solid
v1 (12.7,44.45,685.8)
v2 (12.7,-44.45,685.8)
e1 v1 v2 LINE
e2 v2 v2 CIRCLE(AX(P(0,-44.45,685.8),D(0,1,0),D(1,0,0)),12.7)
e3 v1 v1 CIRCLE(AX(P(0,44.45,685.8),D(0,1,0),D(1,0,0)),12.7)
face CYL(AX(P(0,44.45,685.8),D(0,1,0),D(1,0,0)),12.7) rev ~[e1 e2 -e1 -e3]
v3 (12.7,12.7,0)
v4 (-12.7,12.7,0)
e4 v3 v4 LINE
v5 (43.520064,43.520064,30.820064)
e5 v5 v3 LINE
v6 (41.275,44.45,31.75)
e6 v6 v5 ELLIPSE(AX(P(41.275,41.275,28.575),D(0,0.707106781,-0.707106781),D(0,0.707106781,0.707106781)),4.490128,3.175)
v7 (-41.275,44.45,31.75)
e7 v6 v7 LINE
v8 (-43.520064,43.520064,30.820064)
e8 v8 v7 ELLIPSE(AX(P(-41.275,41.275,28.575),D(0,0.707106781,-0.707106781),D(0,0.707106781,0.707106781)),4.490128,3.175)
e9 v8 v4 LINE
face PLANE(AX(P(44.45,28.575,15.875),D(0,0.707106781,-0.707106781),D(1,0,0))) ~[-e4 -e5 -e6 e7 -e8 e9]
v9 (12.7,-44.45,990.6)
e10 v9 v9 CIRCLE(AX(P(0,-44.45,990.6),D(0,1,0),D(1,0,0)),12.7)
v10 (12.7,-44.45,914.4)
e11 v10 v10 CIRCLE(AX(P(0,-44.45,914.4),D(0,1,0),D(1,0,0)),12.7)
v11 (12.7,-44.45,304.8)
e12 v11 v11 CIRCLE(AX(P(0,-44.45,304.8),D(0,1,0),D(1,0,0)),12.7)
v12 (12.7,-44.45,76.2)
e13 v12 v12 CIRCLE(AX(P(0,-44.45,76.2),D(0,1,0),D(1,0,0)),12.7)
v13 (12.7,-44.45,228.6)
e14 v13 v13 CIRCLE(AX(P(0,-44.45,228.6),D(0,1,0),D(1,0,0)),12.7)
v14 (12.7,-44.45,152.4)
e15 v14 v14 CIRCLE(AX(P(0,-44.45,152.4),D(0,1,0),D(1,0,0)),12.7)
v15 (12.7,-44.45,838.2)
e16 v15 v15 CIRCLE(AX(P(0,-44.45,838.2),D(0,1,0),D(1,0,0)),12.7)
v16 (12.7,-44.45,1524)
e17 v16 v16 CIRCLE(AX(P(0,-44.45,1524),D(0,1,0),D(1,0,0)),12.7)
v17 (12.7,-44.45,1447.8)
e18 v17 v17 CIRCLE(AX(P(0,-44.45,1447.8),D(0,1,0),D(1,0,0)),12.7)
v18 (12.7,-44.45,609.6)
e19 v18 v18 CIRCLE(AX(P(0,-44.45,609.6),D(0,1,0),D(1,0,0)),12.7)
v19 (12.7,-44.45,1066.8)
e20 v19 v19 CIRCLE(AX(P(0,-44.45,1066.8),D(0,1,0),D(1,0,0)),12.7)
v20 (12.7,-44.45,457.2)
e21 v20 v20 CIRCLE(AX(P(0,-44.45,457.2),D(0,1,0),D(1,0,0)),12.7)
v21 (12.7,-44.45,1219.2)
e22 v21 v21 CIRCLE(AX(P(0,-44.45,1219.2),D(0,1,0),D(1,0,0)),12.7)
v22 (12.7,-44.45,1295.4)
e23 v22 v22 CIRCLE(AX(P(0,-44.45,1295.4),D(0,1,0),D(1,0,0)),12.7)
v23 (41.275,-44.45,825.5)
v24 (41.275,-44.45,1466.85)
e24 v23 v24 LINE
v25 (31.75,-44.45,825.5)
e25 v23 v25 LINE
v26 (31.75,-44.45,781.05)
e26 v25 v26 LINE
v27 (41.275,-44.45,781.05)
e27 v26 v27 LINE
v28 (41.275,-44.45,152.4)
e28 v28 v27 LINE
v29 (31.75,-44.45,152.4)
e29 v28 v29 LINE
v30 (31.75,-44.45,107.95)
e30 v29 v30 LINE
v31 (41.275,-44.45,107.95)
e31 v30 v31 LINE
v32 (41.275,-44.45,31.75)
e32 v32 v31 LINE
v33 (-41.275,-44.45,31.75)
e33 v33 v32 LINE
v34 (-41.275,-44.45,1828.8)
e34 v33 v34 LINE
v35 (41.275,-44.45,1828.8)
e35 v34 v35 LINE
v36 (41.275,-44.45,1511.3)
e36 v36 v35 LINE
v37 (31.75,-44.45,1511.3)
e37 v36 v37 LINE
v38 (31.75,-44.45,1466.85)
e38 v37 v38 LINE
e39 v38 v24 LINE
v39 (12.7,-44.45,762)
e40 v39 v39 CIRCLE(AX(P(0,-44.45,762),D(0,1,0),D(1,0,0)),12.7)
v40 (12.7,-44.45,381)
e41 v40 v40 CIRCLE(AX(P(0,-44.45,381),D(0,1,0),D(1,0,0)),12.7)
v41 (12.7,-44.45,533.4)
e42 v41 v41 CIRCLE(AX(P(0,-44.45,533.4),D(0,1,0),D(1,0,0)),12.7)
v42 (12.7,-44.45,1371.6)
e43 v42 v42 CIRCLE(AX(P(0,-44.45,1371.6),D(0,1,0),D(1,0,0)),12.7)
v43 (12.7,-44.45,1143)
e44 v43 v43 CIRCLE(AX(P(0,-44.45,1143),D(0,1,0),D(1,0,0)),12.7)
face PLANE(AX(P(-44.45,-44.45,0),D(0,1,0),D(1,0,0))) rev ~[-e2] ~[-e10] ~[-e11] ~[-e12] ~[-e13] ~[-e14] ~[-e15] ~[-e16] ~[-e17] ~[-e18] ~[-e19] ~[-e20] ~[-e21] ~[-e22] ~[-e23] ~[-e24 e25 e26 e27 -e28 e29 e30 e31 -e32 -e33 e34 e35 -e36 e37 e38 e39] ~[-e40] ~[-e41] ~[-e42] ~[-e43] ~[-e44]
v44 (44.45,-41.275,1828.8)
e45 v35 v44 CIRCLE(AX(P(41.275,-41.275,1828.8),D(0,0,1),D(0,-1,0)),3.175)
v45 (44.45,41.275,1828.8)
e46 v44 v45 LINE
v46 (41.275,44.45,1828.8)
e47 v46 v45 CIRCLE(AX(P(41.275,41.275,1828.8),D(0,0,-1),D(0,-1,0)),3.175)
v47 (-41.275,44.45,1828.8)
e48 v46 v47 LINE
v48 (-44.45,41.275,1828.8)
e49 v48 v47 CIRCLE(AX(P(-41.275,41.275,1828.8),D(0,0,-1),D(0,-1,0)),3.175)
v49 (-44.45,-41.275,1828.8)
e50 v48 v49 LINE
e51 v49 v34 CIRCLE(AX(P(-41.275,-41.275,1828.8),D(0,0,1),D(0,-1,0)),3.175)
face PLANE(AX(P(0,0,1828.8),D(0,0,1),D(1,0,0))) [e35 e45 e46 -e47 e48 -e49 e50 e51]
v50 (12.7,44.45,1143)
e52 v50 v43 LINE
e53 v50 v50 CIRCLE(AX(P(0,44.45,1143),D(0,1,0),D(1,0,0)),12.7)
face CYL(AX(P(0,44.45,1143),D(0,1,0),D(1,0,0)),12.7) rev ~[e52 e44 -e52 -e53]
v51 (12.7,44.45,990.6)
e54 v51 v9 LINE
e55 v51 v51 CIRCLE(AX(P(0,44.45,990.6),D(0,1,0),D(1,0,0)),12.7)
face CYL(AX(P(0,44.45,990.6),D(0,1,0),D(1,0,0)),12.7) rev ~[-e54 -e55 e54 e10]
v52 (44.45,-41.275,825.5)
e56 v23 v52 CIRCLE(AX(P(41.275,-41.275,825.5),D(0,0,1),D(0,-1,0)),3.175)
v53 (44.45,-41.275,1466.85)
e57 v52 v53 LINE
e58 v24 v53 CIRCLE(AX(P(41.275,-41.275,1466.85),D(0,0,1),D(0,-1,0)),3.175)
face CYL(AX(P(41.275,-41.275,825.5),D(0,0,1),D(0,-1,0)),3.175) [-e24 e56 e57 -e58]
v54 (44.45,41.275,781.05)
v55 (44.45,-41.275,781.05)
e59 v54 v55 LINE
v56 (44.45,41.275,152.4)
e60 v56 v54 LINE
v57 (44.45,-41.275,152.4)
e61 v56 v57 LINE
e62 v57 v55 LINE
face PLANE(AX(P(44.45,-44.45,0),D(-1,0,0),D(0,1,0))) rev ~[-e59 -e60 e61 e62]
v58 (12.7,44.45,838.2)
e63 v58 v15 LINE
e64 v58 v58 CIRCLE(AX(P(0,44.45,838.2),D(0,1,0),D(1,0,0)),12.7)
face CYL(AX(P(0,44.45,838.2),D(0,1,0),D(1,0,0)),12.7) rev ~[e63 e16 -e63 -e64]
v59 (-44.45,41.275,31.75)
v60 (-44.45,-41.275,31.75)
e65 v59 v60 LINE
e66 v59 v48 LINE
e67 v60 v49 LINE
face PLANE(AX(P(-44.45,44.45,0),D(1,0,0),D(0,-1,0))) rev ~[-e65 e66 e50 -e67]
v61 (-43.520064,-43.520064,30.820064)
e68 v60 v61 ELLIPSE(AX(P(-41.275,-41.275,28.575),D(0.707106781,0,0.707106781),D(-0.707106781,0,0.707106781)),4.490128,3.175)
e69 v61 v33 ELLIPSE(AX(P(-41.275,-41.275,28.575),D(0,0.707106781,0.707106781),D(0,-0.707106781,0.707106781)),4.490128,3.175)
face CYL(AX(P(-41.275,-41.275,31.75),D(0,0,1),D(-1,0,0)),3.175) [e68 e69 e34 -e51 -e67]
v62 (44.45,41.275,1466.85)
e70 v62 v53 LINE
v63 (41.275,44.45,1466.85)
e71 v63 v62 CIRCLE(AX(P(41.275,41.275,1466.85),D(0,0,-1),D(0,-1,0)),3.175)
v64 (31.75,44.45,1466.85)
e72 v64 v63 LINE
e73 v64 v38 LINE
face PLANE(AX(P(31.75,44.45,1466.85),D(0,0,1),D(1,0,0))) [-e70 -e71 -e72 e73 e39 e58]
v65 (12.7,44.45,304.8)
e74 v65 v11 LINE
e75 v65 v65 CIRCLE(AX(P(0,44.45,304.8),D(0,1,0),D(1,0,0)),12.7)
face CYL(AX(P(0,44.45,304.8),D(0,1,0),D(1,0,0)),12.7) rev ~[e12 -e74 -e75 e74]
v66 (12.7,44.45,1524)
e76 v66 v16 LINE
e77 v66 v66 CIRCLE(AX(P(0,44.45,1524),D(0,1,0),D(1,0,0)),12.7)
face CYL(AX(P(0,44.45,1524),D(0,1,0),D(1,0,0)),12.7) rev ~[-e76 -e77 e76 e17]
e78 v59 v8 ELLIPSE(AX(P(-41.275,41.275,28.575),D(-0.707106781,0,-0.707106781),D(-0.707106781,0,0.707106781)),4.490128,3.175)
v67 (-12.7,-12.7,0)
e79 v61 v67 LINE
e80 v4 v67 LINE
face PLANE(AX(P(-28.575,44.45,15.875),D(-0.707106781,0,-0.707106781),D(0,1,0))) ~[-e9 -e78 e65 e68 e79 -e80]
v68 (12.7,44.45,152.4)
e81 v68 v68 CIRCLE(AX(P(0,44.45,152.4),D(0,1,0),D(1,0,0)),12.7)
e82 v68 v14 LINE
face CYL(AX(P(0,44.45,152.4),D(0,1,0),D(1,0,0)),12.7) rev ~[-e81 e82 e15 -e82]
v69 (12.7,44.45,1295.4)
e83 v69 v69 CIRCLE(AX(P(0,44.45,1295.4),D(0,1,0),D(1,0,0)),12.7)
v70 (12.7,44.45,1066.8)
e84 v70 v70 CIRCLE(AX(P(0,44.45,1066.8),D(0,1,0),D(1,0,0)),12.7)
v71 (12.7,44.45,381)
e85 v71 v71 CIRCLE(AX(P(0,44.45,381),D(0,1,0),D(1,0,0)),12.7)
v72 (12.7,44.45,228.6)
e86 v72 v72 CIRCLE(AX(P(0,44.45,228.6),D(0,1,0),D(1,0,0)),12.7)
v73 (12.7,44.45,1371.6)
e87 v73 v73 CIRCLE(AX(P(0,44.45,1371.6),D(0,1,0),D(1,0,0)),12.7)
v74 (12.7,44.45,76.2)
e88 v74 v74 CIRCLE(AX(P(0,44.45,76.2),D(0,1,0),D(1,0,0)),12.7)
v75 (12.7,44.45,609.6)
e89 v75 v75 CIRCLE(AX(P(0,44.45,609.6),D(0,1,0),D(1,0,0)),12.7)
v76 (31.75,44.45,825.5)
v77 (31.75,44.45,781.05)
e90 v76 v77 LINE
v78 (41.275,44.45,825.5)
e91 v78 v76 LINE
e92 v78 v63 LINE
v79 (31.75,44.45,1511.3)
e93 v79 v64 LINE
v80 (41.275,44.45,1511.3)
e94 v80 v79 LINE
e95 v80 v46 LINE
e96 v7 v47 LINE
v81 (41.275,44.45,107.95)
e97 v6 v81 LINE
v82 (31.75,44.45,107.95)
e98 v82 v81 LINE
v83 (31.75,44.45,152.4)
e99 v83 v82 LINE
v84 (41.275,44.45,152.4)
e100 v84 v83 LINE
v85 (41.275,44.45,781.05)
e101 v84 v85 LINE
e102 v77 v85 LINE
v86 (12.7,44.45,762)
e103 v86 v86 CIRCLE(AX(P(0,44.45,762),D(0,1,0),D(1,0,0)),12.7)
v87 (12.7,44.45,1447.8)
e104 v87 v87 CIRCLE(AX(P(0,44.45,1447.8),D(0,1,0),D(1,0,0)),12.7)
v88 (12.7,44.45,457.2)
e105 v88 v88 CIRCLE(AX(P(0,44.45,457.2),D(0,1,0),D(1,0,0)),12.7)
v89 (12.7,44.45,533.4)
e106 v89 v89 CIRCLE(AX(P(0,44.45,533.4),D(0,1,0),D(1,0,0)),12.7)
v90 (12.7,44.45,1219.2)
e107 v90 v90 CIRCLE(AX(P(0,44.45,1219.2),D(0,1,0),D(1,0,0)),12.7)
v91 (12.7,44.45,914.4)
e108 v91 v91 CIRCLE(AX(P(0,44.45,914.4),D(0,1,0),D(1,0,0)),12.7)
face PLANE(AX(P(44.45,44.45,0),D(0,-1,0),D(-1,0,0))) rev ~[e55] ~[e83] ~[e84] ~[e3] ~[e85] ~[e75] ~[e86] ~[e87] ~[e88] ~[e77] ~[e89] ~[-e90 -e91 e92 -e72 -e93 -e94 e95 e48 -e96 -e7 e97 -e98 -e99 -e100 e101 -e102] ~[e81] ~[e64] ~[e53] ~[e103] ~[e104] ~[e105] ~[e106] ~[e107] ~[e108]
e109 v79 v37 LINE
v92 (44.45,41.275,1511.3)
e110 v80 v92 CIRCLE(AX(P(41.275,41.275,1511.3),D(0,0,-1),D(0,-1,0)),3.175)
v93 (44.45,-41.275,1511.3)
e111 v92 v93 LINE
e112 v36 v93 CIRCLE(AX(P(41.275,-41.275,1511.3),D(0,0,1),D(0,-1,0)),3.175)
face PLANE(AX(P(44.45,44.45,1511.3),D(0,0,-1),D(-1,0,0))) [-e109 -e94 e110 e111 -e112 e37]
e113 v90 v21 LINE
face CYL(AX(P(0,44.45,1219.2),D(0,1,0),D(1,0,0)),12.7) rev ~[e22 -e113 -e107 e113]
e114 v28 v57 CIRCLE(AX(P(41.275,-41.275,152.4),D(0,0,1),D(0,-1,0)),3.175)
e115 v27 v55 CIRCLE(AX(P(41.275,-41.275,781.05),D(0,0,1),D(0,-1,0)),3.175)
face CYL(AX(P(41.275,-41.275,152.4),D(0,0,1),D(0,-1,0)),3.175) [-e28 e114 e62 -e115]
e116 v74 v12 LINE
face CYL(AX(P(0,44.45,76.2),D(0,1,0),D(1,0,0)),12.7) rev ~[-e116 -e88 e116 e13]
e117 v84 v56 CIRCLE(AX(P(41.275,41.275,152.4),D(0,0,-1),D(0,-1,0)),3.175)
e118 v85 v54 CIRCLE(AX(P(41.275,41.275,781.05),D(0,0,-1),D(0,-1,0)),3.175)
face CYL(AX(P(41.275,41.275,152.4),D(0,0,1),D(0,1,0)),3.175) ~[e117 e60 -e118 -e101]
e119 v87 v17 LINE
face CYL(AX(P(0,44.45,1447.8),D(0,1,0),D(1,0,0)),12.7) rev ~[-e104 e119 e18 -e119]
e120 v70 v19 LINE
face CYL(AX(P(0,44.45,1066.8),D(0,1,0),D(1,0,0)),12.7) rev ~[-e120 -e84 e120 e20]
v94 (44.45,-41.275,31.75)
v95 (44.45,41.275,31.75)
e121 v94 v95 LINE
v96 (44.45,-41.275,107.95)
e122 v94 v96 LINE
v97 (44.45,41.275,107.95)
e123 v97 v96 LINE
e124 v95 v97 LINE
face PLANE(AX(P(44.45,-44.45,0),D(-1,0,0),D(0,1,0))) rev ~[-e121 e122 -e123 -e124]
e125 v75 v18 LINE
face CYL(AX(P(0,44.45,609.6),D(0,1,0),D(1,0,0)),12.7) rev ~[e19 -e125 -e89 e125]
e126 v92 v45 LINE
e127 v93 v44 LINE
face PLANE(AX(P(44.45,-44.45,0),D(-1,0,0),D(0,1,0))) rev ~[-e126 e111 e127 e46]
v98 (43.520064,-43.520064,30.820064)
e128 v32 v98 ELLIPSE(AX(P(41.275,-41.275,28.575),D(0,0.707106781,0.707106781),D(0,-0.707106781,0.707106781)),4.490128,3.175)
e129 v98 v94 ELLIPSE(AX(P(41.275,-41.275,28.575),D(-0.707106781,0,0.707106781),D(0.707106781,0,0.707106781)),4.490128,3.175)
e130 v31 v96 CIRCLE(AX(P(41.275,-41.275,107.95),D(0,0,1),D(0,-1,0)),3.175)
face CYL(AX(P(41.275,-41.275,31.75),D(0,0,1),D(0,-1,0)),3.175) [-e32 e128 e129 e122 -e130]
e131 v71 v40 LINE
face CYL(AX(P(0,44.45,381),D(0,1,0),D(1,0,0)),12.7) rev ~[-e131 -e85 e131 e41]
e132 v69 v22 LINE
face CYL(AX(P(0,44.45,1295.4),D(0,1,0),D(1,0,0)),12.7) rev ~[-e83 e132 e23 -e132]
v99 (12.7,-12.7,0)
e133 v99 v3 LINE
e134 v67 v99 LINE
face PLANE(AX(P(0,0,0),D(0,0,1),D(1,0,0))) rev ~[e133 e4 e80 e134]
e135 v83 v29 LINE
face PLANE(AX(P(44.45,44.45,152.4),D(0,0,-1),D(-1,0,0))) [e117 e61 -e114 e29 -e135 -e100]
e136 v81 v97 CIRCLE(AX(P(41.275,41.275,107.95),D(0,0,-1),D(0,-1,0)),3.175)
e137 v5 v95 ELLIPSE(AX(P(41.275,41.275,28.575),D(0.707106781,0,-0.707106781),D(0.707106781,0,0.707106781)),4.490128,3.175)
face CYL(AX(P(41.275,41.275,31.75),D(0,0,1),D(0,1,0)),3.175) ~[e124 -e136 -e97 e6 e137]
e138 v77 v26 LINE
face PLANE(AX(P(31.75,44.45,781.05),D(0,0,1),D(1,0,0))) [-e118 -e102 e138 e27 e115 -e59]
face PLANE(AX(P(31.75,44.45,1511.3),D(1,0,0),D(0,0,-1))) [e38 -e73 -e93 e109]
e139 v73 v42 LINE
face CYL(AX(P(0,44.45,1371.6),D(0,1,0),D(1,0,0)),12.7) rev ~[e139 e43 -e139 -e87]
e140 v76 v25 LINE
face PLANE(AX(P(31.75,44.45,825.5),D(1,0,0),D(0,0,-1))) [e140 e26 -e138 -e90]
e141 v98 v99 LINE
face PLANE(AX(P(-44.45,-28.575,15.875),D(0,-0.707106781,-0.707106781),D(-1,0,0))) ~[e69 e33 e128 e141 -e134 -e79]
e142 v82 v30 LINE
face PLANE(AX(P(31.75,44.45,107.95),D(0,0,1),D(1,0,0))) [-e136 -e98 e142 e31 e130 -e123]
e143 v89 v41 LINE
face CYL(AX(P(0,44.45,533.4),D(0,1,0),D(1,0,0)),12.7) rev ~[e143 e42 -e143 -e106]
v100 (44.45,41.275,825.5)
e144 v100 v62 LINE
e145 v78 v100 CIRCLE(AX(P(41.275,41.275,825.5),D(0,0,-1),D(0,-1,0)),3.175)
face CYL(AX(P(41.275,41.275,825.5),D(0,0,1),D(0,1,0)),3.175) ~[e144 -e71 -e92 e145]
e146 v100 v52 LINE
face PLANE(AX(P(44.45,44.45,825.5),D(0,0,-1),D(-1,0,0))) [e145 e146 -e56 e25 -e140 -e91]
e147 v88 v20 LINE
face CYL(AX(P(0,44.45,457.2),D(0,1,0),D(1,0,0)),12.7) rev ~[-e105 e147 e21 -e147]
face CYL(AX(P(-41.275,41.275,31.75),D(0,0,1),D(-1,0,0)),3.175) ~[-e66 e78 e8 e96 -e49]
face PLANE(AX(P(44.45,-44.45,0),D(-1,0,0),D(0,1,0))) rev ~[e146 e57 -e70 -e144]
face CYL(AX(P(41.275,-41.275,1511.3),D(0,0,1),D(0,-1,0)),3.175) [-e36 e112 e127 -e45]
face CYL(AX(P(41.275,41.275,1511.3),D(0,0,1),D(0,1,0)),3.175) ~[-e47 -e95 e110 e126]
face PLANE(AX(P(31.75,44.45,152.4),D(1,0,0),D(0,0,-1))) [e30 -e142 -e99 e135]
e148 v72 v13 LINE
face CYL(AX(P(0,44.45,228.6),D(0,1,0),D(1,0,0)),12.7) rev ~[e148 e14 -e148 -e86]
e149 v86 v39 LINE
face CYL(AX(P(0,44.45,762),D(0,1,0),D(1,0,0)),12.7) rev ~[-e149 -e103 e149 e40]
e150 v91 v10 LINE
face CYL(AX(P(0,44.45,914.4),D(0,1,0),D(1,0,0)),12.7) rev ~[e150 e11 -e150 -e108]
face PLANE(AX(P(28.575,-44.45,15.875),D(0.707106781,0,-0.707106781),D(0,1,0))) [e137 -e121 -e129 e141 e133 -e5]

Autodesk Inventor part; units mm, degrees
ref_plane "YZ Plane" through (0, 0, 0) normal (1, 0, 0) x (0, 1, 0)
ref_plane "XZ Plane" through (0, 0, 0) normal (0, 1, 0) x (-1, 0, 0)
ref_plane "XY Plane" through (0, 0, 0) normal (0, 0, 1) x (1, 0, 0)
sketch "Sketch1" plane through (0, 0, 0) normal (0, 0, 1) x (1, 0, 0)
  line L0 (-44.45, -44.45) -> (44.45, -44.45)
  line L1 (44.45, -44.45) -> (44.45, 44.45)
  line L2 (44.45, 44.45) -> (-44.45, 44.45)
  line L3 (-44.45, 44.45) -> (-44.45, -44.45)
  line L4 (-44.45, -44.45) -> (44.45, 44.45) construction
  line L5 (44.45, -44.45) -> (-44.45, 44.45) construction
  point P0 (0, 0)
  dimension "d0" = 88.9
  dimension "d1" = 88.9
extrude "4x4 Stock" add sketch "Sketch1" along normal blind 1828.8
sketch "Sketch2" plane through (-44.45, 44.45, 0) normal (0, 1, 0) x (1, 0, 0)
  line L0 (0, -1828.8) -> (88.9, -1828.8) construction
  line L1 (88.9, -1828.8) -> (88.9, -1511.3) construction
  line L2 (88.9, 0) -> (88.9, -1828.8) construction
  line L3 (88.9, -1511.3) -> (76.2, -1511.3)
  line L4 (88.9, -1511.3) -> (101.6, -1511.3) construction
  line L5 (76.2, -1511.3) -> (76.2, -1466.85)
  line L6 (76.2, -1466.85) -> (88.9, -1466.85)
  line L7 (88.9, -1828.8) -> (88.9, -825.5) construction
  line L8 (88.9, -825.5) -> (76.2, -825.5)
  line L9 (76.2, -825.5) -> (76.2, -781.05)
  line L10 (76.2, -781.05) -> (88.9, -781.05)
  line L11 (88.9, -1828.8) -> (88.9, -152.4) construction
  line L12 (88.9, -152.4) -> (76.2, -152.4)
  line L13 (76.2, -152.4) -> (76.2, -107.95)
  line L14 (76.2, -107.95) -> (88.9, -107.95)
  line L15 (88.9, -825.5) -> (88.9, -781.05)
  line L16 (88.9, -152.4) -> (88.9, -107.95)
  line L17 (88.9, -1511.3) -> (88.9, -1466.85)
  point P0 (44.45, 0)
  dimension "d4" = 317.5
  dimension "d5" = 12.7
  dimension "d6" = 180
  dimension "d7" = 44.45
  dimension "d8" = 1003.3
  dimension "d9" = 12.7
  dimension "d10" = 44.45
  dimension "d11" = 1676.4
  dimension "d12" = 12.7
  dimension "d13" = 44.45
extrude "Center Support Slots" cut sketch "Sketch2" against normal blind 101.6
sketch "Sketch3" plane through (-44.45, 44.45, 0) normal (0, 1, 0) x (1, 0, 0)
  line L0 (88.9, -1828.8) -> (0, -1828.8) construction
  line L1 (44.45, -1828.8) -> (44.45, -1524) construction
  line L2 (44.45, -1524) -> (44.45, -1447.8) construction
  line L3 (44.45, -1447.8) -> (44.45, -1371.6) construction
  line L4 (44.45, -1371.6) -> (44.45, -1295.4) construction
  line L5 (44.45, -1295.4) -> (44.45, -1219.2) construction
  line L6 (44.45, -1219.2) -> (44.45, -1143) construction
  line L7 (44.45, -1143) -> (44.45, -1066.8) construction
  line L8 (44.45, -1066.8) -> (44.45, -990.6) construction
  line L9 (44.45, -990.6) -> (44.45, -914.4) construction
  line L10 (44.45, -914.4) -> (44.45, -838.2) construction
  line L11 (44.45, -838.2) -> (44.45, -762) construction
  line L12 (44.45, -762) -> (44.45, -685.8) construction
  line L13 (44.45, -685.8) -> (44.45, -609.6) construction
  line L14 (44.45, -609.6) -> (44.45, -533.4) construction
  line L15 (44.45, -533.4) -> (44.45, -457.2) construction
  line L16 (44.45, -457.2) -> (44.45, -381) construction
  line L17 (44.45, -381) -> (44.45, -304.8) construction
  line L18 (44.45, -304.8) -> (44.45, -228.6) construction
  line L19 (44.45, -228.6) -> (44.45, -152.4) construction
  line L20 (44.45, -152.4) -> (44.45, -76.2) construction
  circle A0 centre (44.45, -1524) radius 12.7
  circle A1 centre (44.45, -1447.8) radius 12.7
  circle A2 centre (44.45, -1371.6) radius 12.7
  circle A3 centre (44.45, -1295.4) radius 12.7
  circle A4 centre (44.45, -1219.2) radius 12.7
  circle A5 centre (44.45, -1143) radius 12.7
  circle A6 centre (44.45, -1066.8) radius 12.7
  circle A7 centre (44.45, -990.6) radius 12.7
  circle A8 centre (44.45, -914.4) radius 12.7
  circle A9 centre (44.45, -838.2) radius 12.7
  circle A10 centre (44.45, -762) radius 12.7
  circle A11 centre (44.45, -685.8) radius 12.7
  circle A12 centre (44.45, -609.6) radius 12.7
  circle A13 centre (44.45, -533.4) radius 12.7
  circle A14 centre (44.45, -457.2) radius 12.7
  circle A15 centre (44.45, -381) radius 12.7
  circle A16 centre (44.45, -304.8) radius 12.7
  circle A17 centre (44.45, -228.6) radius 12.7
  circle A18 centre (44.45, -152.4) radius 12.7
  circle A19 centre (44.45, -76.2) radius 12.7
  point P0 (44.45, 0)
  dimension "d16" = 304.8
  dimension "d17" = 76.2
  dimension "d18" = 76.2
  dimension "d19" = 76.2
  dimension "d20" = 76.2
  dimension "d21" = 76.2
  dimension "d22" = 76.2
  dimension "d23" = 76.2
  dimension "d24" = 76.2
  dimension "d25" = 76.2
  dimension "d26" = 76.2
  dimension "d27" = 76.2
  dimension "d28" = 76.2
  dimension "d29" = 76.2
  dimension "d30" = 76.2
  dimension "d31" = 76.2
  dimension "d32" = 76.2
  dimension "d33" = 76.2
  dimension "d34" = 76.2
  dimension "d35" = 76.2
  dimension "d36" = 25.4
  dimension "d37" = 25.4
  dimension "d38" = 25.4
  dimension "d39" = 25.4
  dimension "d40" = 25.4
  dimension "d41" = 25.4
  dimension "d42" = 25.4
  dimension "d43" = 25.4
  dimension "d44" = 25.4
  dimension "d45" = 25.4
  dimension "d46" = 25.4
  dimension "d47" = 25.4
  dimension "d48" = 25.4
  dimension "d49" = 25.4
  dimension "d50" = 25.4
  dimension "d51" = 25.4
  dimension "d52" = 25.4
  dimension "d53" = 25.4
  dimension "d54" = 25.4
  dimension "d55" = 25.4
extrude "Extrusion3" cut sketch "Sketch3" against normal blind 101.6
chamfer "Chamfer1" distance 31.75 angle 45 4 edges at (0, 44.45, 0) (-44.45, 0, 0) (0, -44.45, 0) (44.45, 0, 0)
fillet "Fillet1" radius 3.175 10 edges at (-44.45, -44.45, 930.275) (-44.45, 44.45, 930.275) (44.45, -44.45, 1670.05) (44.45, -44.45, 1146.175) (44.45, -44.45, 466.725) (44.45, -44.45, 69.85) (44.45, 44.45, 69.85) (44.45, 44.45, 466.725) (44.45, 44.45, 1146.175) (44.45, 44.45, 1670.05)
properties part number "Post"
